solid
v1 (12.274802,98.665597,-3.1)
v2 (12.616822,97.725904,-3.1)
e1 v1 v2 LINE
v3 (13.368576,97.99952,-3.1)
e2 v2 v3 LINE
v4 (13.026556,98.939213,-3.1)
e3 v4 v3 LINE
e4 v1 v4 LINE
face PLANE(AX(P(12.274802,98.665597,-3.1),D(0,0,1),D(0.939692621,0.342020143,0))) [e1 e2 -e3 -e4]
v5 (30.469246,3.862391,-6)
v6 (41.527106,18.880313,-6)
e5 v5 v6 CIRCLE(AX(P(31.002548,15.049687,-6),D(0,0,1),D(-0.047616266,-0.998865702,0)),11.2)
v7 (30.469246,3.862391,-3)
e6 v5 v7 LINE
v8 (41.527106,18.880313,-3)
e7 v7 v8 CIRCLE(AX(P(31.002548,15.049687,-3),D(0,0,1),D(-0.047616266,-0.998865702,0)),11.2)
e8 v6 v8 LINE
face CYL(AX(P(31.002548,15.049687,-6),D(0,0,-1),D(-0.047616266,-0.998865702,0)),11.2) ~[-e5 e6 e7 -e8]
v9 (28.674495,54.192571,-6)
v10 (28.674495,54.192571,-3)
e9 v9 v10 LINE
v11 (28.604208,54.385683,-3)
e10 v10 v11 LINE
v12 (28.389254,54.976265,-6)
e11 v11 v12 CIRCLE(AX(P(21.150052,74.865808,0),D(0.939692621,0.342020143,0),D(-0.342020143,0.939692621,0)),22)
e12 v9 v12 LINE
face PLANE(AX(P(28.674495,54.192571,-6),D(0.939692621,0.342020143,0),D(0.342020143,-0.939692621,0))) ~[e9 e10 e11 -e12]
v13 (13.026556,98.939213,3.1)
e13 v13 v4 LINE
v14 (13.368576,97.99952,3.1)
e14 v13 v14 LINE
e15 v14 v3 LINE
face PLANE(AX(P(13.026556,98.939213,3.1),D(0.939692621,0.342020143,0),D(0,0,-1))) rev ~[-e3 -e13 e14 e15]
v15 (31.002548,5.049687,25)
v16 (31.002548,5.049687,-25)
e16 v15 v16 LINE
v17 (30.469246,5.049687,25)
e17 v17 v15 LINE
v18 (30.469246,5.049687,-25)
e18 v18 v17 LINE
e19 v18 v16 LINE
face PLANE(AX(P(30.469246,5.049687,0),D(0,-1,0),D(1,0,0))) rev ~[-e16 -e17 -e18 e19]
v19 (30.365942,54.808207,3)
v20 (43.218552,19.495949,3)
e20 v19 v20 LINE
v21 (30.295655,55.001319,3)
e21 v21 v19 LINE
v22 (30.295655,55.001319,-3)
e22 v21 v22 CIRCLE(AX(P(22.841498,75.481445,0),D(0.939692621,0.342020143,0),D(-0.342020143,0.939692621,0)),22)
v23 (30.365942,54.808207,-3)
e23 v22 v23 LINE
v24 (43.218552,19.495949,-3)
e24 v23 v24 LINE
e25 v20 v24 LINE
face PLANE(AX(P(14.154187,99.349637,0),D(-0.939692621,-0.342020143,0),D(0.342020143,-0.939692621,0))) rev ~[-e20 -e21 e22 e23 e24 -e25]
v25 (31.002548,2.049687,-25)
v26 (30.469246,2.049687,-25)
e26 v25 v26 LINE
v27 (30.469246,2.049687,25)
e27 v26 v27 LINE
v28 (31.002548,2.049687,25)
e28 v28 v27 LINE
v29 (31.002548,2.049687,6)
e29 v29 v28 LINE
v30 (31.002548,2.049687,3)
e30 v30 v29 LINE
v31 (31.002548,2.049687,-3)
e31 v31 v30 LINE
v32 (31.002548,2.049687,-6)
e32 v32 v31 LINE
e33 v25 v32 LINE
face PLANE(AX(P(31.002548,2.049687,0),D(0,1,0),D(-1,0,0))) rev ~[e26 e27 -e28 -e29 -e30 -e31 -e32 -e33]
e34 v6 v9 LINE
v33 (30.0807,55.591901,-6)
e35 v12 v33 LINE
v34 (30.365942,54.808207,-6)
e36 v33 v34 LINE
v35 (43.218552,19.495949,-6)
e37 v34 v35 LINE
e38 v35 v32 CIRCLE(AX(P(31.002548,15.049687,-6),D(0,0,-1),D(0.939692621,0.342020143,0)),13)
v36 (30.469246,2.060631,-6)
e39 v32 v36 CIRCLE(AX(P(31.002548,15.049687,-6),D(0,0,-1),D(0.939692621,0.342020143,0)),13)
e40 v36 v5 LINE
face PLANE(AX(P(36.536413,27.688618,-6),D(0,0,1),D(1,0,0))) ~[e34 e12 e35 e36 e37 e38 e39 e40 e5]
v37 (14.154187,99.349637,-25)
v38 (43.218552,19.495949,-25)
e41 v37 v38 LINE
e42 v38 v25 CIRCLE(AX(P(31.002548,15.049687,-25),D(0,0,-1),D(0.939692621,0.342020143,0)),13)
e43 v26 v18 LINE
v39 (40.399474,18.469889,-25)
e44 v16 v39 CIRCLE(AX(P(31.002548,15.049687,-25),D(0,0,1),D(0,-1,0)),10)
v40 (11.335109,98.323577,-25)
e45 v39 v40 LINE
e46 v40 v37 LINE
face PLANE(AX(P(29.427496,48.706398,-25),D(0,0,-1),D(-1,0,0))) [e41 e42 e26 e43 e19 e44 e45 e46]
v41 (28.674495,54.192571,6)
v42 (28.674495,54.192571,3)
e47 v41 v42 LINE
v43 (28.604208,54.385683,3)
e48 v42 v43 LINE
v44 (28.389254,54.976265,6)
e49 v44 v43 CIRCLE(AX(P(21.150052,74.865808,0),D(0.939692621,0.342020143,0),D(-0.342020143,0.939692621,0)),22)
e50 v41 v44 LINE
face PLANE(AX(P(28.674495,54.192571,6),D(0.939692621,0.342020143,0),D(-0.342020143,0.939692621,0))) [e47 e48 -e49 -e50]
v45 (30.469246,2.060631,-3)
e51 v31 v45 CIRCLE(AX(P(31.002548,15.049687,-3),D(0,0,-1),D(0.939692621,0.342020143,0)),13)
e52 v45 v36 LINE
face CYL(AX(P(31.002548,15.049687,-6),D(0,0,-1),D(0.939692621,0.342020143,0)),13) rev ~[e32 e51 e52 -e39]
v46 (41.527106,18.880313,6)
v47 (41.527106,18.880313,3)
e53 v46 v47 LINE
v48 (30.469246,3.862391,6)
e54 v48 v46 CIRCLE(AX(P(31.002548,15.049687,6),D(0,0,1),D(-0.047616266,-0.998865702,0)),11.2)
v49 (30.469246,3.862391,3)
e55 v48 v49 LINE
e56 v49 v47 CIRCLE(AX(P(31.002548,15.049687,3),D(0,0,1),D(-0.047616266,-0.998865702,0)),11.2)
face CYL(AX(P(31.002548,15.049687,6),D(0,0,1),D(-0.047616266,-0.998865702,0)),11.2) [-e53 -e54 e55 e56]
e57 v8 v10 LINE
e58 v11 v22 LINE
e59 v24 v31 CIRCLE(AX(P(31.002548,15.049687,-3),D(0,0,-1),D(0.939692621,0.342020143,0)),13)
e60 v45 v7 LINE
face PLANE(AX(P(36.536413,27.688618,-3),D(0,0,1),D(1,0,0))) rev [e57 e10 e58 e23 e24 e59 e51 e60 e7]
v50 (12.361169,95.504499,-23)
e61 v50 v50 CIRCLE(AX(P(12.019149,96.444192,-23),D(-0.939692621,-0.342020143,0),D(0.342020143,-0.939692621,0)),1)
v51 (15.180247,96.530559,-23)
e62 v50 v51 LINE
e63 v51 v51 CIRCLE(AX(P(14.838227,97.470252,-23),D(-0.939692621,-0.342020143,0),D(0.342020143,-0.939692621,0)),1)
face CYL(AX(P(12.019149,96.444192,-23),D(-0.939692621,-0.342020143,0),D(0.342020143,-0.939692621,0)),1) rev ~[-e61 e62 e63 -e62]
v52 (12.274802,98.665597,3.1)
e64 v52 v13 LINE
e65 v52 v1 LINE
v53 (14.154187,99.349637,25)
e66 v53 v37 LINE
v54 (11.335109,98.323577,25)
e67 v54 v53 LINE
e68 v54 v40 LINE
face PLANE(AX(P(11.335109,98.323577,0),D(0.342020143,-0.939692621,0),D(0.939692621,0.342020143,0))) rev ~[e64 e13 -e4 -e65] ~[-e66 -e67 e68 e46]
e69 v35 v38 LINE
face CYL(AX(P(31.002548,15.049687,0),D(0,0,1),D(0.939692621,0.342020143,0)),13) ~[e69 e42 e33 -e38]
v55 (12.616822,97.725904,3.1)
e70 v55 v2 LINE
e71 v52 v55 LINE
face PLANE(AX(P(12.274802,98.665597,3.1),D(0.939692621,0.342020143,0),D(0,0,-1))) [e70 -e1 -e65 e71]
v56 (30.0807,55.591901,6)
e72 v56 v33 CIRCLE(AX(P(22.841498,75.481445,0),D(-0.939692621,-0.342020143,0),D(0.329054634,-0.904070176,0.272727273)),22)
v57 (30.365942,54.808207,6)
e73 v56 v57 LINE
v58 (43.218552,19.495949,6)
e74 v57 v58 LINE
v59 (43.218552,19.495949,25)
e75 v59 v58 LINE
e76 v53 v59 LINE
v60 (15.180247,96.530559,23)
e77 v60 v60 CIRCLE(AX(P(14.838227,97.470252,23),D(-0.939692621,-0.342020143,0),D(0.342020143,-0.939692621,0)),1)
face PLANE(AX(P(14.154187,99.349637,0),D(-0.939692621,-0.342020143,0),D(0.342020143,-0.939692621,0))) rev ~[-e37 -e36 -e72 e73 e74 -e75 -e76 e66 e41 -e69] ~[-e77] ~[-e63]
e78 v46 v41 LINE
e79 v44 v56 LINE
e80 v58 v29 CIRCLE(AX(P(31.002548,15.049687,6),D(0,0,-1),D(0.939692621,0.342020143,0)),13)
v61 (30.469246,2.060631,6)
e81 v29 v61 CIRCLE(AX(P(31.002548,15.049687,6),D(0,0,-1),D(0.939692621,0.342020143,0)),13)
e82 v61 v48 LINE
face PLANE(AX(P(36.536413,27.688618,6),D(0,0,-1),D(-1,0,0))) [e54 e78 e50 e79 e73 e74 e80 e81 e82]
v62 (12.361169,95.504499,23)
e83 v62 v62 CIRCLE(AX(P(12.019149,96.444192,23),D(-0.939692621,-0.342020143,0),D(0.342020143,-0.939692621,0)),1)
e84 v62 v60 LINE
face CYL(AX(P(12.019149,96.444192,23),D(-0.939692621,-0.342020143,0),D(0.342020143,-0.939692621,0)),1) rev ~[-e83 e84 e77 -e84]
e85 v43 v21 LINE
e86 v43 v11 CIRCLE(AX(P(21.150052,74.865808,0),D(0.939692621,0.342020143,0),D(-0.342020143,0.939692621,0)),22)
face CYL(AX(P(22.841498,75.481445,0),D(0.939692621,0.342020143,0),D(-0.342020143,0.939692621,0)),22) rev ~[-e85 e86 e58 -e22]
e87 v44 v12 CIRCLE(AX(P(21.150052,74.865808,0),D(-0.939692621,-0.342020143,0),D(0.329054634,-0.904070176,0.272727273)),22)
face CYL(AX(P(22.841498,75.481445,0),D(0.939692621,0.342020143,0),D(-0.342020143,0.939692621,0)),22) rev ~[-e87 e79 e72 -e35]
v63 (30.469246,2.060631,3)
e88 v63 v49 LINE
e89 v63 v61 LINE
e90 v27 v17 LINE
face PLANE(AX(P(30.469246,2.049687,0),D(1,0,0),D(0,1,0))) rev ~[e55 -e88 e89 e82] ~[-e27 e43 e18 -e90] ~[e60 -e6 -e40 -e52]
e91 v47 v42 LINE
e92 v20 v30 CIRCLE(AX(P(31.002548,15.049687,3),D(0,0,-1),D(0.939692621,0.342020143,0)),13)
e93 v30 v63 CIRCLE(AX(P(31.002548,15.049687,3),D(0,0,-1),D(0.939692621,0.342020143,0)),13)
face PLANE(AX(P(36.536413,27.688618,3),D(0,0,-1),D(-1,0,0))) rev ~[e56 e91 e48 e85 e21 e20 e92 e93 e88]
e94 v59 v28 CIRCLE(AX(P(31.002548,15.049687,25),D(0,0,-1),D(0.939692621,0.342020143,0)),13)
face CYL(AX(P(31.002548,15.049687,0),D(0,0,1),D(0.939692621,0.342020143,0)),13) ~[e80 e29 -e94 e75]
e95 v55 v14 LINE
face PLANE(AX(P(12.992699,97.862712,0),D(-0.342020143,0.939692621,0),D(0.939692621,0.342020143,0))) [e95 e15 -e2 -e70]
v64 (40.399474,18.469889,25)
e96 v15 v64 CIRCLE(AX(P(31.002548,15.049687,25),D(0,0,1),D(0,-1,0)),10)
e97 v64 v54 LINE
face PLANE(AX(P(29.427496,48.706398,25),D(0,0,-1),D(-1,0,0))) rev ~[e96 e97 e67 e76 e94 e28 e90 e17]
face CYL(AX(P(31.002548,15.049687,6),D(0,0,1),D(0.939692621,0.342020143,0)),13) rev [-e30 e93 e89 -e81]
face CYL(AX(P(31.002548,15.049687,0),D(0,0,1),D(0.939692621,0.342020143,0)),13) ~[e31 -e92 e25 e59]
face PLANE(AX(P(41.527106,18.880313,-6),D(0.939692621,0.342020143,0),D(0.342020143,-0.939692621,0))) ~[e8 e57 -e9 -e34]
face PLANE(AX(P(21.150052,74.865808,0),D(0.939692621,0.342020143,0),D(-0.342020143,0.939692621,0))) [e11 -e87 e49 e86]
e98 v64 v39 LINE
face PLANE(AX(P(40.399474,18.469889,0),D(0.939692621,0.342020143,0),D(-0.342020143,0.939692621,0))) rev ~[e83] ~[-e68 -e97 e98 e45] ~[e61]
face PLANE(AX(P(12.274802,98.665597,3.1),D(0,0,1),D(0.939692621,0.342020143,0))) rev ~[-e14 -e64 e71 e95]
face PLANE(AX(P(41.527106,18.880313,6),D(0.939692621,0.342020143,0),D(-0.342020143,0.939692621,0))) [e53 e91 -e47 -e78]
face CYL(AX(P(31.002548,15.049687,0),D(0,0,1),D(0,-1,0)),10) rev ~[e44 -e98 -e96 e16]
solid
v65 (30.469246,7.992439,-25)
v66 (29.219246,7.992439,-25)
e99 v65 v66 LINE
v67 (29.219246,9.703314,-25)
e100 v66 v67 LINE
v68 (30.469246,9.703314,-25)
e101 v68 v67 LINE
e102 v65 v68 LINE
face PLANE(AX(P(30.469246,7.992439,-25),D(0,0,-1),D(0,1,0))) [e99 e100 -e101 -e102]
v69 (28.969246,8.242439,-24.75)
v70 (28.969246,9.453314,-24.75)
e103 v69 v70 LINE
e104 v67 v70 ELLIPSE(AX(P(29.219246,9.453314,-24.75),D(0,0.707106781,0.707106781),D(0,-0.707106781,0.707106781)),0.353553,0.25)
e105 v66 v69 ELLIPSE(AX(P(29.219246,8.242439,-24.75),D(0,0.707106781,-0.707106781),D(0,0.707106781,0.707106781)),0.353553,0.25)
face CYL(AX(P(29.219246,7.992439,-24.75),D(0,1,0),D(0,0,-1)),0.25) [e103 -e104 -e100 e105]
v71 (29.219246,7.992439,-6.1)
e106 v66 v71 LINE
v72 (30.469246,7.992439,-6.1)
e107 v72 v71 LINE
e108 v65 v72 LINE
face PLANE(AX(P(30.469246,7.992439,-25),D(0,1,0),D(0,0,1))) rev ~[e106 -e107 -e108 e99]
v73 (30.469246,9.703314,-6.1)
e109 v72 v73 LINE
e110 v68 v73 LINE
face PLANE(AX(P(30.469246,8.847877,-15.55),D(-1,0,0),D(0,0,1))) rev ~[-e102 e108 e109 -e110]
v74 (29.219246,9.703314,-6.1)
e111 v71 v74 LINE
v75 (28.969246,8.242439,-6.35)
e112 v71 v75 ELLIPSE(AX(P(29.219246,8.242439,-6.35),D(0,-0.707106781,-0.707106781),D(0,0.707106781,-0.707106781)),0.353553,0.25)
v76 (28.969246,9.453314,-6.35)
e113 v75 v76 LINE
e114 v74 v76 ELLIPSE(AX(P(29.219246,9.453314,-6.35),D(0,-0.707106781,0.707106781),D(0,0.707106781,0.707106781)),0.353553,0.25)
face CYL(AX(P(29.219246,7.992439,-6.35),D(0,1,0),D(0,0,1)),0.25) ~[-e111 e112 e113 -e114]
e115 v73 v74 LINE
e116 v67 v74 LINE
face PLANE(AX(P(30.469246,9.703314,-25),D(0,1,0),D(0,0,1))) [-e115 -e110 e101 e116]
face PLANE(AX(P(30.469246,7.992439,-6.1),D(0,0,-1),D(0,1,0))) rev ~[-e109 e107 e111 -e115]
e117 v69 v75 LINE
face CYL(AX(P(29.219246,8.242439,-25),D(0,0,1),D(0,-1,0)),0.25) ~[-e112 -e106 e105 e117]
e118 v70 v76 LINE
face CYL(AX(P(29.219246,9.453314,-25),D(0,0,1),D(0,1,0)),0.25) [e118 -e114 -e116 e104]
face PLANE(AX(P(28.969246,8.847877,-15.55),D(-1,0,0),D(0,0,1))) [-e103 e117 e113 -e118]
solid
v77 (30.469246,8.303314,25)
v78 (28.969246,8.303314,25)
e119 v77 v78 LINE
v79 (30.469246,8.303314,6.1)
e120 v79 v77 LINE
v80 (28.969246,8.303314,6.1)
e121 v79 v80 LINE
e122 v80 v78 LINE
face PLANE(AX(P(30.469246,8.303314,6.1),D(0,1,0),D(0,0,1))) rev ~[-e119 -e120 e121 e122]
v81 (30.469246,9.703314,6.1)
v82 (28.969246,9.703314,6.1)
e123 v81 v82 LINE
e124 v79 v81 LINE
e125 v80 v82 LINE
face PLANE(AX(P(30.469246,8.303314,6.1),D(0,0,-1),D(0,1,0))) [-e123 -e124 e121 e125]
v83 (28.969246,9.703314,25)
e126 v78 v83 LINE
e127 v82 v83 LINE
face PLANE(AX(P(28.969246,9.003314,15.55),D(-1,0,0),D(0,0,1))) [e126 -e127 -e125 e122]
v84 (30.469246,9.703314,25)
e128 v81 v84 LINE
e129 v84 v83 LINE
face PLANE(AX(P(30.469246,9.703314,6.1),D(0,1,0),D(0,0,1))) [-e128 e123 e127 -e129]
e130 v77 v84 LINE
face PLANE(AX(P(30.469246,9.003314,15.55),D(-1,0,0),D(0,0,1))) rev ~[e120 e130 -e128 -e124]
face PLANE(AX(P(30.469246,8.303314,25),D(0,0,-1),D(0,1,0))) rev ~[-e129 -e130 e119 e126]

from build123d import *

# Parameters (mm, degrees)
EXTRUDE_1_DEPTH        = 25
SKETCH_4_R             = 22
CUT_EXTRUDE_1_DEPTH    = 1.8
CUT_EXTRUDE_START      = 6
CUT_EXTRUDE_1_2_DEPTH  = 3
SKETCH_11_W            = 18.9
SKETCH_11_H            = 1.710874804
EXTRUDE_3_DEPTH        = 1.5
SKETCH_11_H_2          = 1.4
EXTRUDE_3_2_DEPTH      = 1.5
FILLET_1_R             = 0.25
SKETCH_12_R            = 1
CUT_EXTRUDE_2529_DEPTH = 93.908684176
SKETCH_14_W            = 0.8
SKETCH_14_H            = 6.2
CUT_EXTRUDE_2_DEPTH    = 1


with BuildPart() as part:
    # 草图2 → 整体拉伸-薄壁1 (new, symmetric)
    with BuildSketch(Plane.XY):
        with BuildLine():
            Line((30.469246085, 5.049687275), (31.002548264, 5.049687275))
            ThreePointArc((31.002548264, 5.049687275), (39.194068707, 9.313922912), (40.399474472, 18.469888708))
            Line((40.399474472, 18.469888708), (11.335108905, 98.323576814))
            Line((11.335108905, 98.323576814), (14.154186767, 99.349637244))
            Line((14.154186767, 99.349637244), (43.218552334, 19.495949138))
            ThreePointArc((43.218552334, 19.495949138), (41.65152484, 7.593193603), (31.002548264, 2.049687275))
            Line((31.002548264, 2.049687275), (30.469246085, 2.049687275))
            Line((30.469246085, 2.049687275), (30.469246085, 5.049687275))
        make_face()
    extrude(amount=EXTRUDE_1_DEPTH, both=True)

    # 草图4 → Cut-Extrude 1 (cut)
    with BuildSketch(Plane(origin=(44.428819368, 16.170767793, 0), x_dir=(0, 0, -1), z_dir=(0.9396926207859071, 0.3420201433256726, 0))):
        with Locations(Location((0, 63.117104009, 0), (0, 0, 90))):
            Circle(SKETCH_4_R)
    extrude(amount=-CUT_EXTRUDE_1_DEPTH, mode=Mode.SUBTRACT)

    # 草图3 → Cut-Extrude 1 2 (cut)
    with BuildSketch(Plane.XY.offset(CUT_EXTRUDE_START)):
        with BuildLine():
            ThreePointArc((30.469246085, 3.86239141), (40.021460965, 8.408963392), (41.527105617, 18.88031288))
            Line((41.527105617, 18.88031288), (28.674494844, 54.192570761))
            Line((28.674494844, 54.192570761), (27.648434414, 57.011648623))
            Line((27.648434414, 57.011648623), (29.339881131, 57.627284881))
            Line((29.339881131, 57.627284881), (30.365941561, 54.808207019))
            Line((30.365941561, 54.808207019), (43.218552334, 19.495949138))
            ThreePointArc((43.218552334, 19.495949138), (41.470929078, 7.341704197), (30.383536806, 2.064433145))
            Line((30.383536806, 2.064433145), (30.469246085, 3.86239141))
        make_face()
    cut_extrude_1_2 = extrude(amount=-CUT_EXTRUDE_1_2_DEPTH, mode=Mode.SUBTRACT)

    # 镜向1: Cut-Extrude 1 2 across plane
    add(cut_extrude_1_2.mirror(Plane.XY), mode=Mode.SUBTRACT)

    # 草图12 → Cut-Extrude 2529 (cut, through all)
    with BuildSketch(Plane(origin=(41.609741505, 15.144707363, 0), x_dir=(0, 0, 1), z_dir=(-0.9396926207859071, -0.3420201433256726, 0))):
        with Locations(Location((23, 86.517104009, 0), (0, 0, 270))):
            Circle(SKETCH_12_R)
        with Locations(Location((-23, 86.517104009, 0), (0, 0, 270))):
            Circle(SKETCH_12_R)
    extrude(amount=-CUT_EXTRUDE_2529_DEPTH, mode=Mode.SUBTRACT)

    # 草图14 → 切除-拉伸2 (cut)
    with BuildSketch(Plane(origin=(-30.2746326, 83.178869451, 0), x_dir=(0.9396926207859067, 0.3420201433256736, 0), z_dir=(-0.3420201433256736, 0.9396926207859068, 0))):
        with Locations((45.680162028, 0)):
            Rectangle(SKETCH_14_W, SKETCH_14_H)
    extrude(amount=-CUT_EXTRUDE_2_DEPTH, mode=Mode.SUBTRACT)


with BuildPart() as body_2:
    # 草图11 → 底部卡扣凸台-拉伸3 (new body)
    with BuildSketch(Plane.ZY.offset(-30.469246085)):
        with Locations((-15.55, 8.847876505)):
            Rectangle(SKETCH_11_W, SKETCH_11_H)
    extrude(amount=EXTRUDE_3_DEPTH)

    # 底部卡扣圆角1
    fillet_1_edges = [body_2.edges().sort_by_distance(p)[0] for p in [
        (28.969246085, 8.847876505, -6.1),
        (28.969246085, 9.703313907, -15.55),
        (28.969246085, 8.847876505, -25),
        (28.969246085, 7.992439103, -15.55),
    ]]
    fillet(fillet_1_edges, radius=FILLET_1_R)


with BuildPart() as body_3:
    # 草图11 → Extrude 3 2 (new body)
    with BuildSketch(Plane.ZY.offset(-30.469246085)):
        with Locations((15.55, 9.003313907)):
            Rectangle(SKETCH_11_W, SKETCH_11_H_2)
    extrude(amount=EXTRUDE_3_2_DEPTH)


solid = Compound([part.part, body_2.part, body_3.part])
